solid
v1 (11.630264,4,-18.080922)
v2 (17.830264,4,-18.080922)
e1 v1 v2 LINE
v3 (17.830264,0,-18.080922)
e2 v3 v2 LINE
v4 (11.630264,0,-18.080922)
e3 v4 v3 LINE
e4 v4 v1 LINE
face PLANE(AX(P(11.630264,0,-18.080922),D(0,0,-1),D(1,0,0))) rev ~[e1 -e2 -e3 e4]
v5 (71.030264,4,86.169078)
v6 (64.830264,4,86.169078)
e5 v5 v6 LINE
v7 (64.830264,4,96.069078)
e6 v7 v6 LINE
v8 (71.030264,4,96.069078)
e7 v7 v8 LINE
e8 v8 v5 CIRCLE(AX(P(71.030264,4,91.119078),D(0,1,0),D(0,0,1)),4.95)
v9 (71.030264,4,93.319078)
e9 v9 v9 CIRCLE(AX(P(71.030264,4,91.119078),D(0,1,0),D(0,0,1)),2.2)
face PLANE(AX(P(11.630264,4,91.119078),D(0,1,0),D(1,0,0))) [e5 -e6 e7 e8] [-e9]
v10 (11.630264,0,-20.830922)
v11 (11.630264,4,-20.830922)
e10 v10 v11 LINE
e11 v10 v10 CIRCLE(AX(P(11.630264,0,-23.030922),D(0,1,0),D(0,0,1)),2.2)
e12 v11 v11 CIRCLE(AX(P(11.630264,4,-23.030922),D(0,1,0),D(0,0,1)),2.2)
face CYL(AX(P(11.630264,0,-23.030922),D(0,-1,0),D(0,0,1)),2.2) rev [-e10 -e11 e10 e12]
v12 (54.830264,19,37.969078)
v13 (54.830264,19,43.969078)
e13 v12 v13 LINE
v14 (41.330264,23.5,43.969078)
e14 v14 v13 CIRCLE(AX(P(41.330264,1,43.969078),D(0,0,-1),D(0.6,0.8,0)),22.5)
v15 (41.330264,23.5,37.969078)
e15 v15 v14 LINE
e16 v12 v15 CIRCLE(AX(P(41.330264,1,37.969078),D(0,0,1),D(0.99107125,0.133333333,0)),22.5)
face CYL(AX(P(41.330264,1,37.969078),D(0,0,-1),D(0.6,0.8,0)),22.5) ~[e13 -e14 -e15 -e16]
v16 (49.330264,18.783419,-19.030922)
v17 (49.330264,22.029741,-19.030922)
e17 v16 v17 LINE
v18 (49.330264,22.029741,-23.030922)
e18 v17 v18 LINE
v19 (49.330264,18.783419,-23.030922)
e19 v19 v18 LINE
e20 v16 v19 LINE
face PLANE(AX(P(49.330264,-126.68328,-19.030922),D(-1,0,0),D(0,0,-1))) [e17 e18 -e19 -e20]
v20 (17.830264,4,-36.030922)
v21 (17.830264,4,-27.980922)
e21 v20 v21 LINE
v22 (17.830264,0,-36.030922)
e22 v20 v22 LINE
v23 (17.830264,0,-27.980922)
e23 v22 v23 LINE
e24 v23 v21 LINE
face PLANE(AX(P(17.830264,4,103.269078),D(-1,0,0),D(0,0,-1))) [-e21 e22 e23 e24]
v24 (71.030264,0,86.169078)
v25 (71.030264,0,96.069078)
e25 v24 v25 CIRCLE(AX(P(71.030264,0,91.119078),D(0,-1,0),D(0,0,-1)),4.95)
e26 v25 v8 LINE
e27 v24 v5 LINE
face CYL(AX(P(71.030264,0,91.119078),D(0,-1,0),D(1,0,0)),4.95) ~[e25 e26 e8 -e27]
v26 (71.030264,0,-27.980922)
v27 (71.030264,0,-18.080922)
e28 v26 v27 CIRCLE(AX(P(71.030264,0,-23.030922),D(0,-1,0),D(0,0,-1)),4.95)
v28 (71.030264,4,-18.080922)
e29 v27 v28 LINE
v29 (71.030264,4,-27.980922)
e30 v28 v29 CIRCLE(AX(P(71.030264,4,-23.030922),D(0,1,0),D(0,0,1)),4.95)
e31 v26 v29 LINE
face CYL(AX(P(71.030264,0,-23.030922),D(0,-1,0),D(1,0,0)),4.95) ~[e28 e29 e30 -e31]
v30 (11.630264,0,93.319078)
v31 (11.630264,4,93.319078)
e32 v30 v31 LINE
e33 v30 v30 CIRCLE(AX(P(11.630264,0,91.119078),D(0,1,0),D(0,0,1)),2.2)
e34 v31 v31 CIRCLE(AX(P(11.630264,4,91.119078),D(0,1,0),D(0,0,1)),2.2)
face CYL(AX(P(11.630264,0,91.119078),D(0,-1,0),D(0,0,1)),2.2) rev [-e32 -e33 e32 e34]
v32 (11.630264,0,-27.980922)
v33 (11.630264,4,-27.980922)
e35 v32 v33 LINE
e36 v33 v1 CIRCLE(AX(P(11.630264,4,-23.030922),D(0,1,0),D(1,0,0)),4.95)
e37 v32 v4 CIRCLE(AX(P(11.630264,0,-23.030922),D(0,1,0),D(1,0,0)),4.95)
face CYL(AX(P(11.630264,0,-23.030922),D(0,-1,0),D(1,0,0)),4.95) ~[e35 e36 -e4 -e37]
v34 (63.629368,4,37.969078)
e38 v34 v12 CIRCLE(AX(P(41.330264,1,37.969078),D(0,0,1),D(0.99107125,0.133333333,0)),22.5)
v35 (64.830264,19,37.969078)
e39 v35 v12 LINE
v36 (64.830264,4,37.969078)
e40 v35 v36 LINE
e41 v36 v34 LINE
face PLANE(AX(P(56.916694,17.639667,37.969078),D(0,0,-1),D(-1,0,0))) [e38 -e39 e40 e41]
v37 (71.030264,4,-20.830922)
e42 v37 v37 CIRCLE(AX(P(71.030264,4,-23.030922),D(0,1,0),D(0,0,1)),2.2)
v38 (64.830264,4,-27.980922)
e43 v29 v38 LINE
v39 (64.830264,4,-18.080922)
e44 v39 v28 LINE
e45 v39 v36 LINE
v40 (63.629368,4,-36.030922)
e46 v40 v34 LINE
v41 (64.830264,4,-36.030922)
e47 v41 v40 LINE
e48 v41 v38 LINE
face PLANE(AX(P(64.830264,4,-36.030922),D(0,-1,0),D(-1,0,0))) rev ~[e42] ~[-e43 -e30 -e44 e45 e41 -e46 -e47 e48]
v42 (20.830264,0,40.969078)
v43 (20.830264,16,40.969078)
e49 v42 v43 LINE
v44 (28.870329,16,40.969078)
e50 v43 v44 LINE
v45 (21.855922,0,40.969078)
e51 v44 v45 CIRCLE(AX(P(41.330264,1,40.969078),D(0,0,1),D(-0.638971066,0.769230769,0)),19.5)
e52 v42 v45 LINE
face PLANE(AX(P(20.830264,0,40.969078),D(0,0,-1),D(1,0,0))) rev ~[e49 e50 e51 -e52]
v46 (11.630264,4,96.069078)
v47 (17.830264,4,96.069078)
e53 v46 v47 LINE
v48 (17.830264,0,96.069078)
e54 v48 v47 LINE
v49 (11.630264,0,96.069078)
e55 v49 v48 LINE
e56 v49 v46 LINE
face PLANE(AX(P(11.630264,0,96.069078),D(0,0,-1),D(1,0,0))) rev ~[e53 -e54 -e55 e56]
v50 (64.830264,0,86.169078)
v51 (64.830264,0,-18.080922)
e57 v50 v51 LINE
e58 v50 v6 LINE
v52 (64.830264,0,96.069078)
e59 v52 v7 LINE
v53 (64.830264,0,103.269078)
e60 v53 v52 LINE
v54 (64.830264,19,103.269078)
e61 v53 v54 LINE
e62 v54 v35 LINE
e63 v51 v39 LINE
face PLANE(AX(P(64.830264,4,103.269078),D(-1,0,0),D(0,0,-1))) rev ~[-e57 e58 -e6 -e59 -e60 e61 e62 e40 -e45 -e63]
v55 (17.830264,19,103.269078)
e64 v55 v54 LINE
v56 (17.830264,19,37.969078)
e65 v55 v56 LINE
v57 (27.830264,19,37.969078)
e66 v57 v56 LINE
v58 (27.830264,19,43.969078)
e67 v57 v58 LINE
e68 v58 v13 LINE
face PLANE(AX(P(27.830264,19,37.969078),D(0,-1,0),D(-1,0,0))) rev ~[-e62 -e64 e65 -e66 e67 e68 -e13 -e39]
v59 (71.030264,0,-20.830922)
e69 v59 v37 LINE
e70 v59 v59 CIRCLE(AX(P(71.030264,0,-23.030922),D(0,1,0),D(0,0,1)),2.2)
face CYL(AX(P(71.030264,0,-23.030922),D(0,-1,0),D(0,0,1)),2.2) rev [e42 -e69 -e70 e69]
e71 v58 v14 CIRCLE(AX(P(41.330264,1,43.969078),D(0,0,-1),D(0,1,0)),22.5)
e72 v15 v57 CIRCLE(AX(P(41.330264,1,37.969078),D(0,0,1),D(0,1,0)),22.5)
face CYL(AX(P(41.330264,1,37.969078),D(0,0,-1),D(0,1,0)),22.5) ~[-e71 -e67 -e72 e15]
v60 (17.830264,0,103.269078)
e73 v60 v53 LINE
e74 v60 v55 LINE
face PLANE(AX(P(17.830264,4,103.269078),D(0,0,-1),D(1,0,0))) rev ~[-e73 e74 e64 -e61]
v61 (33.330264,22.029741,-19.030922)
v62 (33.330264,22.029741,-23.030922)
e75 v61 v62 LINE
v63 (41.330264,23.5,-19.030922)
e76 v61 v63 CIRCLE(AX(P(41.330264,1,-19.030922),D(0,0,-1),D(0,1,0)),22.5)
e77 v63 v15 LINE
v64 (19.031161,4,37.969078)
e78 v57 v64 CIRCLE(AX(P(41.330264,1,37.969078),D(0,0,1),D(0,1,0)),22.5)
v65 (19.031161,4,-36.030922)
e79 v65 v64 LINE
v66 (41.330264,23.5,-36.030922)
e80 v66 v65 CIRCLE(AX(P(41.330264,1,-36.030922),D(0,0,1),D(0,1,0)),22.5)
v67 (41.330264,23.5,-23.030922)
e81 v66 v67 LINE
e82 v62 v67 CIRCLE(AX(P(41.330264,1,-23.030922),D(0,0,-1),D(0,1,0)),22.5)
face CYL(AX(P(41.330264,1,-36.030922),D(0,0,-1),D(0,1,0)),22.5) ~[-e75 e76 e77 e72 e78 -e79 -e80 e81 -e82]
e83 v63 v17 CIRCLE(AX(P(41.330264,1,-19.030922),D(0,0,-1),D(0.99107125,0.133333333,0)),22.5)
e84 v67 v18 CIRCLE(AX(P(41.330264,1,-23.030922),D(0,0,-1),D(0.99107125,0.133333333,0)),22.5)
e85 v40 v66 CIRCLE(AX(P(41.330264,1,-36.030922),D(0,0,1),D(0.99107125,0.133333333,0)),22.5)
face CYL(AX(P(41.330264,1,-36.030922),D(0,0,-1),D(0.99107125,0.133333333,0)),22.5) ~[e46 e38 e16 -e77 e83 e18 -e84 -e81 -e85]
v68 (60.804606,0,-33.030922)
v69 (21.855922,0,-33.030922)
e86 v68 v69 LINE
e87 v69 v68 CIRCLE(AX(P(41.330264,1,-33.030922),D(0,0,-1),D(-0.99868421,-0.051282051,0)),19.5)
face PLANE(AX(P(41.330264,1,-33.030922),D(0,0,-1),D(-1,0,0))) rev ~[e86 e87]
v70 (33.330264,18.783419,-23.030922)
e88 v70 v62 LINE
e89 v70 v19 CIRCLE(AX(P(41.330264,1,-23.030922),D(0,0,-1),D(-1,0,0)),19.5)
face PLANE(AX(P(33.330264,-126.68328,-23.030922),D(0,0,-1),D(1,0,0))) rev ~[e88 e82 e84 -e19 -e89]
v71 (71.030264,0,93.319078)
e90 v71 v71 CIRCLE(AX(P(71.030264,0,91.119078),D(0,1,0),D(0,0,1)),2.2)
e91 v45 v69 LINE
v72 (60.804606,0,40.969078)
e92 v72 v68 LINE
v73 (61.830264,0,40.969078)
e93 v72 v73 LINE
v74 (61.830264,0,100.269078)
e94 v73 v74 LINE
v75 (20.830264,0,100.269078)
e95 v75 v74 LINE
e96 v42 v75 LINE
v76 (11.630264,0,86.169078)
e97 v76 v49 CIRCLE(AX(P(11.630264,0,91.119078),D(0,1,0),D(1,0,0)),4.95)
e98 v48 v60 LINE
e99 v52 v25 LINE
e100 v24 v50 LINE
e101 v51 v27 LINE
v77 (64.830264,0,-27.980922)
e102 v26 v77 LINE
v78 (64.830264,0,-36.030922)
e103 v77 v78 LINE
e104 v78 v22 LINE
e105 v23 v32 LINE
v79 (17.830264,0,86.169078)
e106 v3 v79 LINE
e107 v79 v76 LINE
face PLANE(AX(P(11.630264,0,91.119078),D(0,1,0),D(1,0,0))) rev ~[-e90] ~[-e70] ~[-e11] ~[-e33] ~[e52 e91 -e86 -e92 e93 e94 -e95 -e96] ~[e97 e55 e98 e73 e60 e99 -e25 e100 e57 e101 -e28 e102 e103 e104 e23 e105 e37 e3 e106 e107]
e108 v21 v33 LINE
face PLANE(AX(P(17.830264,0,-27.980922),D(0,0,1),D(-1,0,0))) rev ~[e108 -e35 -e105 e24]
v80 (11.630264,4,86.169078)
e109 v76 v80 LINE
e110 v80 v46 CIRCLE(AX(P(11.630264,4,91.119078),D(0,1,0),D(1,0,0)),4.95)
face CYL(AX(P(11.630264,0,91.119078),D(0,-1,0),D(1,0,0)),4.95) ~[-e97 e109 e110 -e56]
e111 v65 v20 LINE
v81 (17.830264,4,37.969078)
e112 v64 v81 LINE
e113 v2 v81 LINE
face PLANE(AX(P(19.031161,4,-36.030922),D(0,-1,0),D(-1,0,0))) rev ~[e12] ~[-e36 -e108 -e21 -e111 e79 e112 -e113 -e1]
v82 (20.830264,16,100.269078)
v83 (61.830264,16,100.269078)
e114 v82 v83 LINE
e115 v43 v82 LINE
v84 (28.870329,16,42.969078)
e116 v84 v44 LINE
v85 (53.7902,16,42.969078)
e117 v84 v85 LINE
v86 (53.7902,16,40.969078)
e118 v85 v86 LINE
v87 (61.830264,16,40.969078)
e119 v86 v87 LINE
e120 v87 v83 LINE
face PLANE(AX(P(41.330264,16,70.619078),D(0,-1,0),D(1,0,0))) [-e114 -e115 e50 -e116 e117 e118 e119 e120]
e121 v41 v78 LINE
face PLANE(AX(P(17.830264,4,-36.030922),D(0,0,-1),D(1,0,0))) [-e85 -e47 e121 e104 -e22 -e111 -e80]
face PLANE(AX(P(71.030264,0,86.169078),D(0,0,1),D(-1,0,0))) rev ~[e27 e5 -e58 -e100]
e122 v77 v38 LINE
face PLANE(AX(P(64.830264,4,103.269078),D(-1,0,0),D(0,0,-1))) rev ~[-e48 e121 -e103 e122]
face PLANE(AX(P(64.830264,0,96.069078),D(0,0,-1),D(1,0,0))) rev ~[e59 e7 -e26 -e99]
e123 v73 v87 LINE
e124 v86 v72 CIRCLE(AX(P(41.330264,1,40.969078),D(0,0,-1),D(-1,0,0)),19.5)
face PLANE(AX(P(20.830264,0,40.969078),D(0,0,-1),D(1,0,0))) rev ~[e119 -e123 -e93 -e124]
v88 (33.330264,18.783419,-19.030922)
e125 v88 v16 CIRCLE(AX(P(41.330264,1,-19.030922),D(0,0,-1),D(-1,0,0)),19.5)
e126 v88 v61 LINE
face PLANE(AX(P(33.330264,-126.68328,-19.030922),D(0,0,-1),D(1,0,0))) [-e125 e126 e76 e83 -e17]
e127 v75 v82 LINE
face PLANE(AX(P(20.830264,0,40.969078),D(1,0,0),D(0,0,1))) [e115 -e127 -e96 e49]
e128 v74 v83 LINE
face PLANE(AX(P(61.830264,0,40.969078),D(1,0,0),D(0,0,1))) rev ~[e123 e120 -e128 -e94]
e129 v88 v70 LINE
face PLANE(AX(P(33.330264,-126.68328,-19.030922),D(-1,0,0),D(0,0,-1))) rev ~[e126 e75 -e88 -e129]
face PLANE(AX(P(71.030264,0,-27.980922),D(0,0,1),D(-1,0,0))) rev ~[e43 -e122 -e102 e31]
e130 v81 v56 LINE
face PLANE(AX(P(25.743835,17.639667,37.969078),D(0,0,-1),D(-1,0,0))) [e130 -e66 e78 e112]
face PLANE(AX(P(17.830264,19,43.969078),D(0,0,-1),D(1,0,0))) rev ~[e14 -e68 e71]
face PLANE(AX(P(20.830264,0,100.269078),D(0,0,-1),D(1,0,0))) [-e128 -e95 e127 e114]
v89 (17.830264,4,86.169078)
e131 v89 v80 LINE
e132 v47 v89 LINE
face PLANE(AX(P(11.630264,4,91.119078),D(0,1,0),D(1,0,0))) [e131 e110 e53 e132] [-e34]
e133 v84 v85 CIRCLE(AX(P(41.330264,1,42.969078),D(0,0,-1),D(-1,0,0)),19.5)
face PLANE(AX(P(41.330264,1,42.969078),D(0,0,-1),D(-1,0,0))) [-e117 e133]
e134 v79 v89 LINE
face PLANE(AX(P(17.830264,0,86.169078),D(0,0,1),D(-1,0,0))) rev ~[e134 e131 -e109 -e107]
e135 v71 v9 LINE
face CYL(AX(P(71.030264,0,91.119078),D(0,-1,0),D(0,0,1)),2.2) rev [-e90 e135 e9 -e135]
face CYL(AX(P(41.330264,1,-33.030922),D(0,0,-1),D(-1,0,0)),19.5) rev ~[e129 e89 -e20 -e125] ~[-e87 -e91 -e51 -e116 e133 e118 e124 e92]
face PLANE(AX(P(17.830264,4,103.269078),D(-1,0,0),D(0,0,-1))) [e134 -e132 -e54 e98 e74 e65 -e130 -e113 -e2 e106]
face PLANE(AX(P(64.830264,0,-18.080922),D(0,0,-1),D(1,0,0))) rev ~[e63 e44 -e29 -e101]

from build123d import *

# Parameters (mm, degrees)
SKETCH1_R               = 4.95
SKETCH1_R_2             = 2.2
BOSS_EXTRUDE1_DEPTH     = 4
SKETCH2_W               = 47
SKETCH2_H               = 139.3
BOSS_EXTRUDE2_DEPTH     = 19.5
SKETCH3_W               = 41
SKETCH3_H               = 59.3
CUT_EXTRUDE1_DEPTH      = 16
CUT_EXTRUDE3_START      = -3
SKETCH6_R               = 19.5
CUT_EXTRUDE3_DEPTH      = 76
CUT_EXTRUDE4_DEPTH      = 74
CUT_EXTRUDE6_REACH      = 110.634
CUT_EXTRUDE7_DEPTH      = 130.68327973
CUT_EXTRUDE7_DEPTH_BACK = 130.68327973
SKETCH10_W              = 16
SKETCH10_H              = 4
SKETCH12_W              = 47
SKETCH12_H              = 59.3
CUT_EXTRUDE8_DEPTH      = 130.609039197


with BuildPart() as part:
    # Sketch1 → Boss-Extrude1 (new body)
    # profile 1 of 9: a face of its own
    with BuildSketch(Plane(origin=(0, 0, 0), x_dir=(1, 0, 0), z_dir=(0, 1, 0))):
        with Locations((11.630264395, 23.030922034)):
            Circle(SKETCH1_R)
        with Locations(Location((11.630264395, 23.030922034, 0), (0, 0, 270))):
            Circle(SKETCH1_R_2, mode=Mode.SUBTRACT)
    # profile 2 of 9: a face of its own
    with BuildSketch(Plane(origin=(0, 0, 0), x_dir=(1, 0, 0), z_dir=(0, 1, 0))):
        with BuildLine():
            Line((17.830264395, 18.080922034), (17.830264395, 27.980922034))
            Line((17.830264395, 27.980922034), (11.630264395, 27.980922034))
            ThreePointArc((11.630264395, 27.980922034), (15.130442962, 26.5311006), (16.580264395, 23.030922034))
            ThreePointArc((16.580264395, 23.030922034), (15.130442962, 19.530743467), (11.630264395, 18.080922034))
            Line((11.630264395, 18.080922034), (17.830264395, 18.080922034))
        make_face()
    # profile 3 of 9: a face of its own
    with BuildSketch(Plane(origin=(0, 0, 0), x_dir=(1, 0, 0), z_dir=(0, 1, 0))):
        Polygon((64.830264395, -86.169077966), (64.830264395, 18.080922034), (64.830264395, 27.980922034), (64.830264395, 36.030922034), (17.830264395, 36.030922034), (17.830264395, 27.980922034), (17.830264395, 18.080922034), (17.830264395, -86.169077966), (17.830264395, -96.069077966), (17.830264395, -103.269077966), (64.830264395, -103.269077966), (64.830264395, -96.069077966), align=None)
    # profile 4 of 9: a face of its own
    with BuildSketch(Plane(origin=(0, 0, 0), x_dir=(1, 0, 0), z_dir=(0, 1, 0))):
        with Locations((71.030264395, 23.030922034)):
            Circle(SKETCH1_R)
        with Locations(Location((71.030264395, 23.030922034, 0), (0, 0, 270))):
            Circle(SKETCH1_R_2, mode=Mode.SUBTRACT)
    # profile 5 of 9: a face of its own
    with BuildSketch(Plane(origin=(0, 0, 0), x_dir=(1, 0, 0), z_dir=(0, 1, 0))):
        with BuildLine():
            Line((64.830264395, 18.080922034), (71.030264395, 18.080922034))
            ThreePointArc((71.030264395, 18.080922034), (66.080264395, 23.030922034), (71.030264395, 27.980922034))
            Line((71.030264395, 27.980922034), (64.830264395, 27.980922034))
            Line((64.830264395, 27.980922034), (64.830264395, 18.080922034))
        make_face()
    # profile 6 of 9: a face of its own
    with BuildSketch(Plane(origin=(0, 0, 0), x_dir=(1, 0, 0), z_dir=(0, 1, 0))):
        with BuildLine():
            Line((71.030264395, -86.169077966), (64.830264395, -86.169077966))
            Line((64.830264395, -86.169077966), (64.830264395, -96.069077966))
            Line((64.830264395, -96.069077966), (71.030264395, -96.069077966))
            ThreePointArc((71.030264395, -96.069077966), (66.080264395, -91.119077966), (71.030264395, -86.169077966))
        make_face()
    # profile 7 of 9: a face of its own
    with BuildSketch(Plane(origin=(0, 0, 0), x_dir=(1, 0, 0), z_dir=(0, 1, 0))):
        with Locations((71.030264395, -91.119077966)):
            Circle(SKETCH1_R)
        with Locations(Location((71.030264395, -91.119077966, 0), (0, 0, 270))):
            Circle(SKETCH1_R_2, mode=Mode.SUBTRACT)
    # profile 8 of 9: a face of its own
    with BuildSketch(Plane(origin=(0, 0, 0), x_dir=(1, 0, 0), z_dir=(0, 1, 0))):
        with BuildLine():
            Line((11.630264395, -96.069077966), (17.830264395, -96.069077966))
            Line((17.830264395, -96.069077966), (17.830264395, -86.169077966))
            Line((17.830264395, -86.169077966), (11.630264395, -86.169077966))
            ThreePointArc((11.630264395, -86.169077966), (15.130442962, -87.6188994), (16.580264395, -91.119077966))
            ThreePointArc((16.580264395, -91.119077966), (15.130442962, -94.619256533), (11.630264395, -96.069077966))
        make_face()
    # profile 9 of 9: a face of its own
    with BuildSketch(Plane(origin=(0, 0, 0), x_dir=(1, 0, 0), z_dir=(0, 1, 0))):
        with Locations((11.630264395, -91.119077966)):
            Circle(SKETCH1_R)
        with Locations(Location((11.630264395, -91.119077966, 0), (0, 0, 270))):
            Circle(SKETCH1_R_2, mode=Mode.SUBTRACT)
    extrude(amount=BOSS_EXTRUDE1_DEPTH)

    # Sketch2 → Boss-Extrude2 (add)
    with BuildSketch(Plane(origin=(0, 4, 0), x_dir=(1, 0, 0), z_dir=(0, 1, 0))):
        with Locations((41.330264395, -33.619077966)):
            Rectangle(SKETCH2_W, SKETCH2_H)
    extrude(amount=BOSS_EXTRUDE2_DEPTH)

    # Sketch3 → Cut-Extrude1 (cut)
    with BuildSketch(Plane.XZ):
        with Locations((41.330264395, 70.619077966)):
            Rectangle(SKETCH3_W, SKETCH3_H)
    extrude(amount=-CUT_EXTRUDE1_DEPTH, mode=Mode.SUBTRACT)

    # Sketch6 → Cut-Extrude3 (cut)
    with BuildSketch(Plane(origin=(0, 0, -36.030922034), x_dir=(-1, 0, 0), z_dir=(0, 0, -1)).offset(CUT_EXTRUDE3_START)):
        with Locations((-41.330264395, 1)):
            Circle(SKETCH6_R)
    extrude(amount=-CUT_EXTRUDE3_DEPTH, mode=Mode.SUBTRACT)

    # Sketch7 → Cut-Extrude4 (cut)
    with BuildSketch(Plane(origin=(0, 0, -36.030922034), x_dir=(-1, 0, 0), z_dir=(0, 0, -1))):
        with BuildLine():
            Line((-64.830264395, 23.5), (-64.830264395, 4))
            Line((-64.830264395, 4), (-63.629367516, 4))
            ThreePointArc((-63.629367516, 4), (-56.141577638, 17.937384686), (-41.330264395, 23.5))
            Line((-41.330264395, 23.5), (-64.830264395, 23.5))
        make_face()
        with BuildLine():
            Line((-17.830264395, 23.5), (-41.330264395, 23.5))
            ThreePointArc((-41.330264395, 23.5), (-26.518951151, 17.937384686), (-19.031161274, 4))
            Line((-19.031161274, 4), (-17.830264395, 4))
            Line((-17.830264395, 4), (-17.830264395, 23.5))
        make_face()
    extrude(amount=-CUT_EXTRUDE4_DEPTH, mode=Mode.SUBTRACT)

    # Sketch9 → Cut-Extrude6 (cut, up to next)
    with BuildSketch(Plane(origin=(0, 0, 37.969077966), x_dir=(-1, 0, 0), z_dir=(0, 0, -1)), mode=Mode.PRIVATE) as cut_extrude6_sk1:
        with BuildLine():
            Line((-64.830264395, 19), (-54.830264395, 19))
            ThreePointArc((-54.830264395, 19), (-48.44538913, 22.345374206), (-41.330264395, 23.5))
            Line((-41.330264395, 23.5), (-64.830264395, 23.5))
            Line((-64.830264395, 23.5), (-64.830264395, 19))
        make_face()
    cut_extrude6_tool1 = extrude(cut_extrude6_sk1.sketch, amount=-CUT_EXTRUDE6_REACH, mode=Mode.PRIVATE) & part.part
    # Sketch9 → Cut-Extrude6 (cut, up to next)
    with BuildSketch(Plane(origin=(0, 0, 37.969077966), x_dir=(-1, 0, 0), z_dir=(0, 0, -1)), mode=Mode.PRIVATE) as cut_extrude6_sk2:
        with BuildLine():
            Line((-27.830264395, 19), (-17.830264395, 19))
            Line((-17.830264395, 19), (-17.830264395, 23.5))
            Line((-17.830264395, 23.5), (-41.330264395, 23.5))
            ThreePointArc((-41.330264395, 23.5), (-34.215139659, 22.345374206), (-27.830264395, 19))
        make_face()
    cut_extrude6_tool2 = extrude(cut_extrude6_sk2.sketch, amount=-CUT_EXTRUDE6_REACH, mode=Mode.PRIVATE) & part.part
    add(cut_extrude6_tool1.solids().sort_by_distance((57.332082, 21.52882, 37.969078))[0], mode=Mode.SUBTRACT)
    add(cut_extrude6_tool2.solids().sort_by_distance((25.328447, 21.52882, 37.969078))[0], mode=Mode.SUBTRACT)

    # Sketch10 → Cut-Extrude7 (cut, two sides: drawn at the far end of the back side and taken through both)
    with BuildSketch(Plane(origin=(0, 4, 0), x_dir=(1, 0, 0), z_dir=(0, 1, 0)).offset(-CUT_EXTRUDE7_DEPTH_BACK)):
        with Locations((41.330264395, 21.030922034)):
            Rectangle(SKETCH10_W, SKETCH10_H)
    extrude(amount=CUT_EXTRUDE7_DEPTH + CUT_EXTRUDE7_DEPTH_BACK, mode=Mode.SUBTRACT)

    # Sketch12 → Cut-Extrude8 (cut, through all)
    with BuildSketch(Plane(origin=(0, 19, 0), x_dir=(1, 0, 0), z_dir=(0, 1, 0))):
        with Locations((41.330264395, -73.619077966)):
            Rectangle(SKETCH12_W, SKETCH12_H)
    extrude(amount=CUT_EXTRUDE8_DEPTH, mode=Mode.SUBTRACT)


solid = part.part
